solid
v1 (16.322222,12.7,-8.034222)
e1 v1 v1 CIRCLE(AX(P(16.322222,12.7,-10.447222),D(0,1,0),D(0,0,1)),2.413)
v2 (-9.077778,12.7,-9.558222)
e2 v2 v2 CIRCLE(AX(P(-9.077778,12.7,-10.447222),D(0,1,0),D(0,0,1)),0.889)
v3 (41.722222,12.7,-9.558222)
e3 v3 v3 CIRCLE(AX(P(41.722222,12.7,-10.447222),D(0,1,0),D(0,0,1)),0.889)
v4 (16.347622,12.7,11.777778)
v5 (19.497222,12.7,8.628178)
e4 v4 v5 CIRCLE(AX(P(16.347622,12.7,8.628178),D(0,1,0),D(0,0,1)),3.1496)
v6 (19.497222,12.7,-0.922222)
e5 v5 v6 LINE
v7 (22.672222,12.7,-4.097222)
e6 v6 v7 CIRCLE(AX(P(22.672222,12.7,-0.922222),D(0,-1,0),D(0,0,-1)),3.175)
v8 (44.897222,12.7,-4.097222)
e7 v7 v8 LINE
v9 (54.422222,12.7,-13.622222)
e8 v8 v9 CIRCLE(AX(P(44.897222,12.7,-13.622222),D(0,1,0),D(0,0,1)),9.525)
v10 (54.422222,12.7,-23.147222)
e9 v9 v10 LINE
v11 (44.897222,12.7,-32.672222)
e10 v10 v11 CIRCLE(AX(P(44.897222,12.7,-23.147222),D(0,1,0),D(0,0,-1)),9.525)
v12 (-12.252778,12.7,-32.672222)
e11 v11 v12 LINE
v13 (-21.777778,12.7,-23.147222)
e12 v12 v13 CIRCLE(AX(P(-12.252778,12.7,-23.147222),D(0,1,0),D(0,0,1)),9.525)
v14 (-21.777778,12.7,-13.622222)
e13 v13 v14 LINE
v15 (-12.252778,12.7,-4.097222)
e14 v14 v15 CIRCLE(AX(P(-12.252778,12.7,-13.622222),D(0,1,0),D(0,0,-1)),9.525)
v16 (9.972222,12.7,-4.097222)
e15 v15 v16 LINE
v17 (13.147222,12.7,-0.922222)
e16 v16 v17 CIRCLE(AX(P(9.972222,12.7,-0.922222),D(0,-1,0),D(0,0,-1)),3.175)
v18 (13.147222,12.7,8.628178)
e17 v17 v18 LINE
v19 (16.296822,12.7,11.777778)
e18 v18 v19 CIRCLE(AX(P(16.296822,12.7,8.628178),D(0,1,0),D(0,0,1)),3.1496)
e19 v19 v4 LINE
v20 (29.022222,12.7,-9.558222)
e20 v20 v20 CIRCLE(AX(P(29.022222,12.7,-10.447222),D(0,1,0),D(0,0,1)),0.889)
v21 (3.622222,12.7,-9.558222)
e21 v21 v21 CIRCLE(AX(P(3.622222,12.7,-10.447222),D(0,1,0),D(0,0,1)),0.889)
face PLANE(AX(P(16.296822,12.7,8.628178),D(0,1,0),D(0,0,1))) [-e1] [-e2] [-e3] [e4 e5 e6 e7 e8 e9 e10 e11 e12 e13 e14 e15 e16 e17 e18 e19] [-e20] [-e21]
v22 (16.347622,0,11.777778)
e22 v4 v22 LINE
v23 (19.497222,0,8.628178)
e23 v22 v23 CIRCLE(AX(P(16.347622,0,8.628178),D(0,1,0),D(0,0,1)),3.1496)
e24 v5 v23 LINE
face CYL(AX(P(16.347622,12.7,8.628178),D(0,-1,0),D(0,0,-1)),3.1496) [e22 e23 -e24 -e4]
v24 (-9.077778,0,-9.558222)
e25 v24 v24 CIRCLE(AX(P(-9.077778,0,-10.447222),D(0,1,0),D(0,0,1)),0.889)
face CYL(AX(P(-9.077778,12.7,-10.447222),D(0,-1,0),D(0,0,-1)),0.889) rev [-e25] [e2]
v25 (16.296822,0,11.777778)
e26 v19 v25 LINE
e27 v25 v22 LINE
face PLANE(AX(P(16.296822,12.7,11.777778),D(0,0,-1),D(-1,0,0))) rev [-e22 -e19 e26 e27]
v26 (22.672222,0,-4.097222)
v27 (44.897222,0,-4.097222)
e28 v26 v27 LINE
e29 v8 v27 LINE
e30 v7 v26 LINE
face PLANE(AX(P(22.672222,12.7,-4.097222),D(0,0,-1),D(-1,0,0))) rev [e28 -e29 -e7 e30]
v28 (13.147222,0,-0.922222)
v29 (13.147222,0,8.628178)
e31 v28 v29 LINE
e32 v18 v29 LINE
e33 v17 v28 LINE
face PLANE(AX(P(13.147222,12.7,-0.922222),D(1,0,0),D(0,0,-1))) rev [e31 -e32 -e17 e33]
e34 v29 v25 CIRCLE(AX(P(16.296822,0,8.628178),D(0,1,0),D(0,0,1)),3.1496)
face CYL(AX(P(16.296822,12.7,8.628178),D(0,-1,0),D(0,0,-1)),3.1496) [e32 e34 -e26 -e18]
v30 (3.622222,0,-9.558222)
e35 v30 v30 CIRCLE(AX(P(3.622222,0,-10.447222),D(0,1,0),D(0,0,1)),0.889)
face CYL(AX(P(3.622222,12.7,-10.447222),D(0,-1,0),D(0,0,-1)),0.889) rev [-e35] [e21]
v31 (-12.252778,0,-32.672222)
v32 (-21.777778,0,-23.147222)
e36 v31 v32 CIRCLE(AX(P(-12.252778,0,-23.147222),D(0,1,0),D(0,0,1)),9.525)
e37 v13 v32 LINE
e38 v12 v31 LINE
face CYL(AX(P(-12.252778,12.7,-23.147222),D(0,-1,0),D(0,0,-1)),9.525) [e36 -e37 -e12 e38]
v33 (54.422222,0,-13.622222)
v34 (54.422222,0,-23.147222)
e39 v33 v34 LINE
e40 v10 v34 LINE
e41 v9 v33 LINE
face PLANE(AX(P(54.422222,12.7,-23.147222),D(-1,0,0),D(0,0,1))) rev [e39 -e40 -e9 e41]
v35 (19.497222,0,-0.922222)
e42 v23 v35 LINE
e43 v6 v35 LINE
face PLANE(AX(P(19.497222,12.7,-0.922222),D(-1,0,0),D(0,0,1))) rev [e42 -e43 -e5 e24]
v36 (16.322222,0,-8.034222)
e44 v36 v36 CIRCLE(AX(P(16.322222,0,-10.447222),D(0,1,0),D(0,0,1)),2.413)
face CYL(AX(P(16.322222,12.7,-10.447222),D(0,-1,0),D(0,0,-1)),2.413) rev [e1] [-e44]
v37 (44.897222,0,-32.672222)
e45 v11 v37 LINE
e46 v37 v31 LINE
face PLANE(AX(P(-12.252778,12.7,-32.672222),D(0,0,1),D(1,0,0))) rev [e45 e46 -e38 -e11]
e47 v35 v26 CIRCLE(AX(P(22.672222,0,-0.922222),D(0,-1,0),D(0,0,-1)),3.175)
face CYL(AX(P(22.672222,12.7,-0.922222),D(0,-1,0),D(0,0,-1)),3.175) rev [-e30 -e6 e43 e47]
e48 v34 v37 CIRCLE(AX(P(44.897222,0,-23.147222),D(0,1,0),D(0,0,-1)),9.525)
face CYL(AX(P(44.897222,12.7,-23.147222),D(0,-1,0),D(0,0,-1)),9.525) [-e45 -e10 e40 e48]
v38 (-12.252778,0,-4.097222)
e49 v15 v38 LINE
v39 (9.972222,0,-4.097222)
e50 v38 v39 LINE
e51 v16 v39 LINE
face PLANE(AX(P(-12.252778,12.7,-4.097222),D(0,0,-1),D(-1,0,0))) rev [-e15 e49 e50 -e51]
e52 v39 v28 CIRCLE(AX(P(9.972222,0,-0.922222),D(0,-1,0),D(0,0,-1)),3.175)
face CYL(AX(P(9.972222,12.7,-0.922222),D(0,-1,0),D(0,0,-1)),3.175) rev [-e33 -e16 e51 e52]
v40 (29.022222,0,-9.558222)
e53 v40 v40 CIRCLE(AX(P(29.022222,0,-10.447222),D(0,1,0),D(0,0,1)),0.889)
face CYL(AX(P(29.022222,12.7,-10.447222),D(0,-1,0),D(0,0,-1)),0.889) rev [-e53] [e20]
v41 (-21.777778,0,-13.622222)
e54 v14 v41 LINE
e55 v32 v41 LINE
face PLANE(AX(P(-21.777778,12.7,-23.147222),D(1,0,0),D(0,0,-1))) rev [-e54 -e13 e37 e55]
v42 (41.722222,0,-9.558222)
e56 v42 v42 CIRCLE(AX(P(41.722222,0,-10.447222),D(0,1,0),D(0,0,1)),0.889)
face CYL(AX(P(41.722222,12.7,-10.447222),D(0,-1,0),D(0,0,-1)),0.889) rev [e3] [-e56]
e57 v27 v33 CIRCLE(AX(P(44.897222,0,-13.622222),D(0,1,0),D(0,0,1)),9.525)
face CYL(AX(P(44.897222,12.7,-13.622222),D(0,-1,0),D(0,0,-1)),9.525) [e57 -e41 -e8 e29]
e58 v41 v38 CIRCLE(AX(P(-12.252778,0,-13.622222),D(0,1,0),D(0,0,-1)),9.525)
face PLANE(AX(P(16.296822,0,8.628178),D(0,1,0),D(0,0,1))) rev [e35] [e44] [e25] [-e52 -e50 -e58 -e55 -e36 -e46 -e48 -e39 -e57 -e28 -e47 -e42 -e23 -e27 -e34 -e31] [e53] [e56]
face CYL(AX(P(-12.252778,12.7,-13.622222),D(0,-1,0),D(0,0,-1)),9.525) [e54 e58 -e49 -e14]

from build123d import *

# Parameters (mm, degrees)
SKETCH1_R           = 2.413
SKETCH1_R_2         = 0.889
BOSS_EXTRUDE1_DEPTH = 12.7


with BuildPart() as part:
    # Sketch1 → Boss-Extrude1 (new body)
    with BuildSketch(Plane(origin=(0, 0, 0), x_dir=(1, 0, 0), z_dir=(0, 1, 0))):
        with BuildLine():
            Line((-12.252777778, 4.097222222), (9.972222222, 4.097222222))
            ThreePointArc((9.972222222, 4.097222222), (12.217286252, 3.167286252), (13.147222222, 0.922222222))
            Line((13.147222222, 0.922222222), (13.147222222, -8.628177778))
            ThreePointArc((13.147222222, -8.628177778), (14.069718704, -10.855281296), (16.296822222, -11.777777778))
            Line((16.296822222, -11.777777778), (16.347622222, -11.777777778))
            ThreePointArc((16.347622222, -11.777777778), (18.57472574, -10.855281296), (19.497222222, -8.628177778))
            Line((19.497222222, -8.628177778), (19.497222222, 0.922222222))
            ThreePointArc((19.497222222, 0.922222222), (20.427158192, 3.167286252), (22.672222222, 4.097222222))
            Line((22.672222222, 4.097222222), (44.897222222, 4.097222222))
            ThreePointArc((44.897222222, 4.097222222), (51.632414313, 6.887030131), (54.422222222, 13.622222222))
            Line((54.422222222, 13.622222222), (54.422222222, 23.147222222))
            ThreePointArc((54.422222222, 23.147222222), (51.632414313, 29.882414313), (44.897222222, 32.672222222))
            Line((44.897222222, 32.672222222), (-12.252777778, 32.672222222))
            ThreePointArc((-12.252777778, 32.672222222), (-18.987969869, 29.882414313), (-21.777777778, 23.147222222))
            Line((-21.777777778, 23.147222222), (-21.777777778, 13.622222222))
            ThreePointArc((-21.777777778, 13.622222222), (-18.987969869, 6.887030131), (-12.252777778, 4.097222222))
        make_face()
        with Locations(Location((16.322222222, 10.447222222, 0), (0, 0, 270))):
            Circle(SKETCH1_R, mode=Mode.SUBTRACT)
        with Locations(Location((29.022222222, 10.447222222, 0), (0, 0, 270))):
            Circle(SKETCH1_R_2, mode=Mode.SUBTRACT)
        with Locations(Location((3.622222222, 10.447222222, 0), (0, 0, 270))):
            Circle(SKETCH1_R_2, mode=Mode.SUBTRACT)
        with Locations(Location((-9.077777778, 10.447222222, 0), (0, 0, 270))):
            Circle(SKETCH1_R_2, mode=Mode.SUBTRACT)
        with Locations(Location((41.722222222, 10.447222222, 0), (0, 0, 270))):
            Circle(SKETCH1_R_2, mode=Mode.SUBTRACT)
    extrude(amount=BOSS_EXTRUDE1_DEPTH)


solid = part.part
